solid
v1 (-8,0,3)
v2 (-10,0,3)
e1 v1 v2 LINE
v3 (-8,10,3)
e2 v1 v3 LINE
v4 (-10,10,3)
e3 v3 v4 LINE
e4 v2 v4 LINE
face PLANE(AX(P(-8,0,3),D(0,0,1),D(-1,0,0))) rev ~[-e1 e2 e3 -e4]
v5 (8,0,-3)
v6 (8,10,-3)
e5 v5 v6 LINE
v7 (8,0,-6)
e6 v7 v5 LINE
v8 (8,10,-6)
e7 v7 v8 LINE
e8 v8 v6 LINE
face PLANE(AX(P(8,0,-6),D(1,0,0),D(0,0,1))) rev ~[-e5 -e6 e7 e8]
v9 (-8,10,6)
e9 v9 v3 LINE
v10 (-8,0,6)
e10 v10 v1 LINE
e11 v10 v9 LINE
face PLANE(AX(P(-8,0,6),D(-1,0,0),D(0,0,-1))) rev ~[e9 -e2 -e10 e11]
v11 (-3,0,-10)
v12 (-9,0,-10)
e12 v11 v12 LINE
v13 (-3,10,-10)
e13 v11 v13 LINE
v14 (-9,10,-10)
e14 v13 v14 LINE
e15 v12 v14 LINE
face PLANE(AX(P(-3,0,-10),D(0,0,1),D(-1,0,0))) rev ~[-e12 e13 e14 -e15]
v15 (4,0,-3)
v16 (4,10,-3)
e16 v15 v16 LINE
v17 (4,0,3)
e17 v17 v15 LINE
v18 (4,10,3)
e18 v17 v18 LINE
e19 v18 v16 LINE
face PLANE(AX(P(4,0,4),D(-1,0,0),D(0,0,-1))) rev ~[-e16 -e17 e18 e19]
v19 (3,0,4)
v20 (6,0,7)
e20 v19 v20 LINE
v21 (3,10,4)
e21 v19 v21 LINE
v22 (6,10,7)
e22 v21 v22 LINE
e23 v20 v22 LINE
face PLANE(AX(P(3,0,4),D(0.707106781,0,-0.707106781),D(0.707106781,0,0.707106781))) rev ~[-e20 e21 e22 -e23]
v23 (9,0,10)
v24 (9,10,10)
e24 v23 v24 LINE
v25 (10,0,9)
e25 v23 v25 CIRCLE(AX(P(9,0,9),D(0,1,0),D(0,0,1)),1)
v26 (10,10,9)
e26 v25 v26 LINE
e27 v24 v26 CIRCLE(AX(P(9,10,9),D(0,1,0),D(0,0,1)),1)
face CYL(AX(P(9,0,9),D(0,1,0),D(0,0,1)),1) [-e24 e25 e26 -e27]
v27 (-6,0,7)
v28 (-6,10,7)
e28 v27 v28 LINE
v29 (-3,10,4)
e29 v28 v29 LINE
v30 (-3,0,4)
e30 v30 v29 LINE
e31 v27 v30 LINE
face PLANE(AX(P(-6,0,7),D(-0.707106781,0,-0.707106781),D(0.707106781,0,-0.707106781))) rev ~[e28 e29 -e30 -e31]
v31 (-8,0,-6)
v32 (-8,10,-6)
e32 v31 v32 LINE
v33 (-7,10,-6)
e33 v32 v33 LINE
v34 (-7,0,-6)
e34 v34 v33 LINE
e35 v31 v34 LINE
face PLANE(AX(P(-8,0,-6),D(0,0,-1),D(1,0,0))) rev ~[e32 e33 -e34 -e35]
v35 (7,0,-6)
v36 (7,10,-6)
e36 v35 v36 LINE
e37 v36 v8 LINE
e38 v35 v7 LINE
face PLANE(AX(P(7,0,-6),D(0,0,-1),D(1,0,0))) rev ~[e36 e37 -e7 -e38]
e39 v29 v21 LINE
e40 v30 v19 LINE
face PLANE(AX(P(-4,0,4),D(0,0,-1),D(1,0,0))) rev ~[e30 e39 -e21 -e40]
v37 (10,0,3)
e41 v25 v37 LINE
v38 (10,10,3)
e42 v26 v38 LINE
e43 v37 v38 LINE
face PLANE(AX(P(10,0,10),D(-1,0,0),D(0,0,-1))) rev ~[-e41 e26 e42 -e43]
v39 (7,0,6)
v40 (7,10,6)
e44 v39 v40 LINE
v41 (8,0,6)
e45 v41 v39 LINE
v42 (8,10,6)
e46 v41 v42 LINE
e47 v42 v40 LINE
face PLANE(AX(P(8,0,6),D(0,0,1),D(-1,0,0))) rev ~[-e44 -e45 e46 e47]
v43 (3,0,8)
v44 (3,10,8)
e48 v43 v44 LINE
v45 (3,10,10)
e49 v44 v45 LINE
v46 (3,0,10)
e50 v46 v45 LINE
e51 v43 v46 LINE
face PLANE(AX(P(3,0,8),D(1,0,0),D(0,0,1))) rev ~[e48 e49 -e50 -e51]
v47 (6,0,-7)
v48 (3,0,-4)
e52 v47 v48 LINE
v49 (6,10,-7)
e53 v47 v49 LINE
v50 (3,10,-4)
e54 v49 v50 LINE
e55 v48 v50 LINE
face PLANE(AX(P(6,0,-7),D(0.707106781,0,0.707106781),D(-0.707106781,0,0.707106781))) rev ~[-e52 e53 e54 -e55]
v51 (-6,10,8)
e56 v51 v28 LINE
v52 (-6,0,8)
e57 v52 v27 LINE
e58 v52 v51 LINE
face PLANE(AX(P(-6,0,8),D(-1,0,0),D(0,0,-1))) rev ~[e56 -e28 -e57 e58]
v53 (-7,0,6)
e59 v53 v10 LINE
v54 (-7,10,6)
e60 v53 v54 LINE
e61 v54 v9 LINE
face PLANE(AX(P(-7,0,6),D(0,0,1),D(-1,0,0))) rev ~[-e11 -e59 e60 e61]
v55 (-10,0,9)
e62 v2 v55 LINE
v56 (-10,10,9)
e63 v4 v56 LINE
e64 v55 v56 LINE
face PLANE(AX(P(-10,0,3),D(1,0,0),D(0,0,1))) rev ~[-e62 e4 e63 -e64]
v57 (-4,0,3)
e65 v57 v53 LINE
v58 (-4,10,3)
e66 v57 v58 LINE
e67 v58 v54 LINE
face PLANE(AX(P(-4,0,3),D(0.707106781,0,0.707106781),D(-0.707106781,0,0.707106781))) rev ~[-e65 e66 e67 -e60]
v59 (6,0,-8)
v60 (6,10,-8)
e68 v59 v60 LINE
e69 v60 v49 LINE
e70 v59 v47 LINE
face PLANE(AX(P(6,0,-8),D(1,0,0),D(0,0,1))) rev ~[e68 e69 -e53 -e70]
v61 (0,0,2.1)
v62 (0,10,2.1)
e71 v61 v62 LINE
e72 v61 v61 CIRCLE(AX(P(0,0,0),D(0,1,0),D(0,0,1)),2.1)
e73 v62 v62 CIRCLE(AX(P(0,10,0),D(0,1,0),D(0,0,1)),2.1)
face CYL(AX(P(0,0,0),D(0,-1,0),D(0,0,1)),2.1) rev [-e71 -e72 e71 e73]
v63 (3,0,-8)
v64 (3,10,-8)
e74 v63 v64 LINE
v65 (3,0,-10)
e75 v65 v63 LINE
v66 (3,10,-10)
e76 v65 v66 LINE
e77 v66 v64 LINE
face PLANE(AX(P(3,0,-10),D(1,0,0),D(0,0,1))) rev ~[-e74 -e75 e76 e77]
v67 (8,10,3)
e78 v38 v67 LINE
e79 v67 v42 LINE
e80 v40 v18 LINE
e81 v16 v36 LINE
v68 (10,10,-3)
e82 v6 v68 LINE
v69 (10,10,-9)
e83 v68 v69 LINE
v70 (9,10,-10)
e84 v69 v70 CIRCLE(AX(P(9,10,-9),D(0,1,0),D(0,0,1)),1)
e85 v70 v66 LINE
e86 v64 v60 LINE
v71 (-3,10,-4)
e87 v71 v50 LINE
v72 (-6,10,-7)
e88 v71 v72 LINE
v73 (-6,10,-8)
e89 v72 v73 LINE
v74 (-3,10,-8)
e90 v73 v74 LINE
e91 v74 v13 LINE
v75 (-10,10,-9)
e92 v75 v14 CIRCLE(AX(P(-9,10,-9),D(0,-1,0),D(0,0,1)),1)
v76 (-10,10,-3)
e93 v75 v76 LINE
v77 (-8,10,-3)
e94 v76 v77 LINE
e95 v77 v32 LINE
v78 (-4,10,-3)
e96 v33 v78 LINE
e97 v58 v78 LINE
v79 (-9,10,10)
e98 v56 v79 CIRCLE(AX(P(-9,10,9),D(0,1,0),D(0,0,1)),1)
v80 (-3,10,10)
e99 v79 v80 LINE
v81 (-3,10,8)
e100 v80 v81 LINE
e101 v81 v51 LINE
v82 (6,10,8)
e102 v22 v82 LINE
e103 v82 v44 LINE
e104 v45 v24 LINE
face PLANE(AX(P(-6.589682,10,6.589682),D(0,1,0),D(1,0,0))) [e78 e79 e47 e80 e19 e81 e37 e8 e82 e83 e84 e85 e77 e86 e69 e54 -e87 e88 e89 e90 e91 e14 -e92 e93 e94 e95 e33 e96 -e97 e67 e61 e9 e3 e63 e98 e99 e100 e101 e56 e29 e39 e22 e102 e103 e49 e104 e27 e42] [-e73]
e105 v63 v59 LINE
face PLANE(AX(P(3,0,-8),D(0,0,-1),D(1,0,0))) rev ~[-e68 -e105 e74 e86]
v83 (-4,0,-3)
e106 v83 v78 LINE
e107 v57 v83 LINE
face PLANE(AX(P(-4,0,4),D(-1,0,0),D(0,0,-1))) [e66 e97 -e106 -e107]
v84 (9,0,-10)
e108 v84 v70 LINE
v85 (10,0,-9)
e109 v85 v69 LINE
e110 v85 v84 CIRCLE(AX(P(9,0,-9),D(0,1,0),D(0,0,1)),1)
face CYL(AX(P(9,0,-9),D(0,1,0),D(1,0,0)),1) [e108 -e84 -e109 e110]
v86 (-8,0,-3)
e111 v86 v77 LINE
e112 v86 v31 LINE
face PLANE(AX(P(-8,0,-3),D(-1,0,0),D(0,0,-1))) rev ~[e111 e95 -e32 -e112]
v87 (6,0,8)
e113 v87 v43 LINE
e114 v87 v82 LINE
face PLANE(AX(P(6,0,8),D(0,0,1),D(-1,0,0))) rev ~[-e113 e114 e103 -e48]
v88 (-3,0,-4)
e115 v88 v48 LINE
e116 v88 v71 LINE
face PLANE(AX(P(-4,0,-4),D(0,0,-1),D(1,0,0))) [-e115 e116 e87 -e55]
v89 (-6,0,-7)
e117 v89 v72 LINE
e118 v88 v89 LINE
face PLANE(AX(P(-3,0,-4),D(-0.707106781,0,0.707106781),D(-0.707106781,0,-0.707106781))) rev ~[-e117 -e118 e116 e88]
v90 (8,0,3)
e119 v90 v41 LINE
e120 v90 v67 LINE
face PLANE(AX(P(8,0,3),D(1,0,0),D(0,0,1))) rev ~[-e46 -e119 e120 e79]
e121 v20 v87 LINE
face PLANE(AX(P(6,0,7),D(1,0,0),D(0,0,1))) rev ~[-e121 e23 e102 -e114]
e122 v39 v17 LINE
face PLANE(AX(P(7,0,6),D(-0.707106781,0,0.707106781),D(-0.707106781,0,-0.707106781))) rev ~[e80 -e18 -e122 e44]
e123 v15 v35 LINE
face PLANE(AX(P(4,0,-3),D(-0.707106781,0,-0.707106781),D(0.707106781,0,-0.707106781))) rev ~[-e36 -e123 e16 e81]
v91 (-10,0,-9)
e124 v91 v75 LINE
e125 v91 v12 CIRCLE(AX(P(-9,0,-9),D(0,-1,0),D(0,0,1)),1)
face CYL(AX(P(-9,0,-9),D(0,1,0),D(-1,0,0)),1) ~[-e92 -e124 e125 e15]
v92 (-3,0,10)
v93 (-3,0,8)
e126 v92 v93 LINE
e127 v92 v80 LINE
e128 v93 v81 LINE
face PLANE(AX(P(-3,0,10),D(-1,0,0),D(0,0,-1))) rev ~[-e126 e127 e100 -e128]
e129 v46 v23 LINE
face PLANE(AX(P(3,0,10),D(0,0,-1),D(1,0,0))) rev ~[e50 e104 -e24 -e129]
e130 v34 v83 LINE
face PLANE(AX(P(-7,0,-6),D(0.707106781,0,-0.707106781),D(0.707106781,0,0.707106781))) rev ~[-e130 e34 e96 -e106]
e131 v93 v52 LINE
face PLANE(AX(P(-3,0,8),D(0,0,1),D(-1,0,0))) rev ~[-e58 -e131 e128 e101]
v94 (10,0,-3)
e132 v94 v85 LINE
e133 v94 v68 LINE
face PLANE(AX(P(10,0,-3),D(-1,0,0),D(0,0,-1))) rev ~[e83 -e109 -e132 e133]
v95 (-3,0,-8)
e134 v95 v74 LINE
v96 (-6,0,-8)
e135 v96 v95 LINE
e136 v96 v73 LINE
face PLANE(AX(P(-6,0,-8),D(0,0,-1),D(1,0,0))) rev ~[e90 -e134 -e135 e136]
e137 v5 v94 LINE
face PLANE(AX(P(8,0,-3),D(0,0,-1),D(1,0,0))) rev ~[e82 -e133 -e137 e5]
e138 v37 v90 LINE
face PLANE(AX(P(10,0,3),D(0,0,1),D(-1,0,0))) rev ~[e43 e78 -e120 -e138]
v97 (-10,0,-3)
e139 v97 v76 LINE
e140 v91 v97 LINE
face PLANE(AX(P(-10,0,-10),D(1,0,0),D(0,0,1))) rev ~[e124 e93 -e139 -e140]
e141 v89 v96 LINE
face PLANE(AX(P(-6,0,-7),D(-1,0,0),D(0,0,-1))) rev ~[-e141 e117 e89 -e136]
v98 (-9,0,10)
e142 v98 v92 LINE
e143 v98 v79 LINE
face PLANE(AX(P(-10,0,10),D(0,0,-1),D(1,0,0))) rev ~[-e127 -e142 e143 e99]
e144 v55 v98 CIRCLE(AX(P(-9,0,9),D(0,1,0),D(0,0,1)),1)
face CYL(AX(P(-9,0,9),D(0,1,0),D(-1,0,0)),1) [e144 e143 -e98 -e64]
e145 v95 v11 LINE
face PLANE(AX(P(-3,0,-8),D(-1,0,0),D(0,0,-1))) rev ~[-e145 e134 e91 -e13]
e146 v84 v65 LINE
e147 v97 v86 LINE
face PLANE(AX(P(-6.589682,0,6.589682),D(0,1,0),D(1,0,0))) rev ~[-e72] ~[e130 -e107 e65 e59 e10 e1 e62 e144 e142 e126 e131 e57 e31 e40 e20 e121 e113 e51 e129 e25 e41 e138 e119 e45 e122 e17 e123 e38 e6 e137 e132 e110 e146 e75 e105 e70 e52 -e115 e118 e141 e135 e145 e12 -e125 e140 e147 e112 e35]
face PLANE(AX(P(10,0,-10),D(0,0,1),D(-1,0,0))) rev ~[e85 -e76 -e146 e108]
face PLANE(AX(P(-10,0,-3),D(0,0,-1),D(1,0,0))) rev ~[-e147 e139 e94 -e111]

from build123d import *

# Parameters (mm, degrees)
SKETCH1_W           = 8
SKETCH1_H           = 8
SKETCH1_R           = 2.1
BOSS_EXTRUDE1_DEPTH = 10
FILLET1_R           = 1


with BuildPart() as part:
    # Sketch1 → Boss-Extrude1 (new body)
    # profile 1 of 6: a face of its own
    with BuildSketch(Plane(origin=(0, 0, 0), x_dir=(1, 0, 0), z_dir=(0, 1, 0))):
        Polygon((-4, 4), (-10, 10), (-10, 3), (-8, 3), (-8, 6), (-7, 6), (-4, 3), align=None)
    # profile 2 of 6: a face of its own
    with BuildSketch(Plane(origin=(0, 0, 0), x_dir=(1, 0, 0), z_dir=(0, 1, 0))):
        Polygon((-3, 8), (-3, 10), (-10, 10), (-4, 4), (-3, 4), (-6, 7), (-6, 8), align=None)
    # profile 3 of 6: a face of its own
    with BuildSketch(Plane(origin=(0, 0, 0), x_dir=(1, 0, 0), z_dir=(0, 1, 0))):
        Polygon((6, 7), (3, 4), (4, 4), (4, 3), (7, 6), (8, 6), (8, 3), (10, 3), (10, 10), (3, 10), (3, 8), (6, 8), align=None)
    # profile 4 of 6: a face of its own
    with BuildSketch(Plane(origin=(0, 0, 0), x_dir=(1, 0, 0), z_dir=(0, 1, 0))):
        Rectangle(SKETCH1_W, SKETCH1_H)
        with Locations(Location((0, 0, 0), (0, 0, 270))):
            Circle(SKETCH1_R, mode=Mode.SUBTRACT)
    # profile 5 of 6: a face of its own
    with BuildSketch(Plane(origin=(0, 0, 0), x_dir=(1, 0, 0), z_dir=(0, 1, 0))):
        Polygon((4, -4), (3, -4), (6, -7), (6, -8), (3, -8), (3, -10), (10, -10), (10, -3), (8, -3), (8, -6), (7, -6), (4, -3), align=None)
    # profile 6 of 6: a face of its own
    with BuildSketch(Plane(origin=(0, 0, 0), x_dir=(1, 0, 0), z_dir=(0, 1, 0))):
        Polygon((-4, -4), (-4, -3), (-7, -6), (-8, -6), (-8, -3), (-10, -3), (-10, -10), (-3, -10), (-3, -8), (-6, -8), (-6, -7), (-3, -4), align=None)
    extrude(amount=BOSS_EXTRUDE1_DEPTH)

    # Fillet1
    fillet1_edges = [part.edges().sort_by_distance(p)[0] for p in [
        (-10, 5, 10),
        (-10, 5, -10),
        (10, 5, -10),
        (10, 5, 10),
    ]]
    fillet(fillet1_edges, radius=FILLET1_R)


solid = part.part
